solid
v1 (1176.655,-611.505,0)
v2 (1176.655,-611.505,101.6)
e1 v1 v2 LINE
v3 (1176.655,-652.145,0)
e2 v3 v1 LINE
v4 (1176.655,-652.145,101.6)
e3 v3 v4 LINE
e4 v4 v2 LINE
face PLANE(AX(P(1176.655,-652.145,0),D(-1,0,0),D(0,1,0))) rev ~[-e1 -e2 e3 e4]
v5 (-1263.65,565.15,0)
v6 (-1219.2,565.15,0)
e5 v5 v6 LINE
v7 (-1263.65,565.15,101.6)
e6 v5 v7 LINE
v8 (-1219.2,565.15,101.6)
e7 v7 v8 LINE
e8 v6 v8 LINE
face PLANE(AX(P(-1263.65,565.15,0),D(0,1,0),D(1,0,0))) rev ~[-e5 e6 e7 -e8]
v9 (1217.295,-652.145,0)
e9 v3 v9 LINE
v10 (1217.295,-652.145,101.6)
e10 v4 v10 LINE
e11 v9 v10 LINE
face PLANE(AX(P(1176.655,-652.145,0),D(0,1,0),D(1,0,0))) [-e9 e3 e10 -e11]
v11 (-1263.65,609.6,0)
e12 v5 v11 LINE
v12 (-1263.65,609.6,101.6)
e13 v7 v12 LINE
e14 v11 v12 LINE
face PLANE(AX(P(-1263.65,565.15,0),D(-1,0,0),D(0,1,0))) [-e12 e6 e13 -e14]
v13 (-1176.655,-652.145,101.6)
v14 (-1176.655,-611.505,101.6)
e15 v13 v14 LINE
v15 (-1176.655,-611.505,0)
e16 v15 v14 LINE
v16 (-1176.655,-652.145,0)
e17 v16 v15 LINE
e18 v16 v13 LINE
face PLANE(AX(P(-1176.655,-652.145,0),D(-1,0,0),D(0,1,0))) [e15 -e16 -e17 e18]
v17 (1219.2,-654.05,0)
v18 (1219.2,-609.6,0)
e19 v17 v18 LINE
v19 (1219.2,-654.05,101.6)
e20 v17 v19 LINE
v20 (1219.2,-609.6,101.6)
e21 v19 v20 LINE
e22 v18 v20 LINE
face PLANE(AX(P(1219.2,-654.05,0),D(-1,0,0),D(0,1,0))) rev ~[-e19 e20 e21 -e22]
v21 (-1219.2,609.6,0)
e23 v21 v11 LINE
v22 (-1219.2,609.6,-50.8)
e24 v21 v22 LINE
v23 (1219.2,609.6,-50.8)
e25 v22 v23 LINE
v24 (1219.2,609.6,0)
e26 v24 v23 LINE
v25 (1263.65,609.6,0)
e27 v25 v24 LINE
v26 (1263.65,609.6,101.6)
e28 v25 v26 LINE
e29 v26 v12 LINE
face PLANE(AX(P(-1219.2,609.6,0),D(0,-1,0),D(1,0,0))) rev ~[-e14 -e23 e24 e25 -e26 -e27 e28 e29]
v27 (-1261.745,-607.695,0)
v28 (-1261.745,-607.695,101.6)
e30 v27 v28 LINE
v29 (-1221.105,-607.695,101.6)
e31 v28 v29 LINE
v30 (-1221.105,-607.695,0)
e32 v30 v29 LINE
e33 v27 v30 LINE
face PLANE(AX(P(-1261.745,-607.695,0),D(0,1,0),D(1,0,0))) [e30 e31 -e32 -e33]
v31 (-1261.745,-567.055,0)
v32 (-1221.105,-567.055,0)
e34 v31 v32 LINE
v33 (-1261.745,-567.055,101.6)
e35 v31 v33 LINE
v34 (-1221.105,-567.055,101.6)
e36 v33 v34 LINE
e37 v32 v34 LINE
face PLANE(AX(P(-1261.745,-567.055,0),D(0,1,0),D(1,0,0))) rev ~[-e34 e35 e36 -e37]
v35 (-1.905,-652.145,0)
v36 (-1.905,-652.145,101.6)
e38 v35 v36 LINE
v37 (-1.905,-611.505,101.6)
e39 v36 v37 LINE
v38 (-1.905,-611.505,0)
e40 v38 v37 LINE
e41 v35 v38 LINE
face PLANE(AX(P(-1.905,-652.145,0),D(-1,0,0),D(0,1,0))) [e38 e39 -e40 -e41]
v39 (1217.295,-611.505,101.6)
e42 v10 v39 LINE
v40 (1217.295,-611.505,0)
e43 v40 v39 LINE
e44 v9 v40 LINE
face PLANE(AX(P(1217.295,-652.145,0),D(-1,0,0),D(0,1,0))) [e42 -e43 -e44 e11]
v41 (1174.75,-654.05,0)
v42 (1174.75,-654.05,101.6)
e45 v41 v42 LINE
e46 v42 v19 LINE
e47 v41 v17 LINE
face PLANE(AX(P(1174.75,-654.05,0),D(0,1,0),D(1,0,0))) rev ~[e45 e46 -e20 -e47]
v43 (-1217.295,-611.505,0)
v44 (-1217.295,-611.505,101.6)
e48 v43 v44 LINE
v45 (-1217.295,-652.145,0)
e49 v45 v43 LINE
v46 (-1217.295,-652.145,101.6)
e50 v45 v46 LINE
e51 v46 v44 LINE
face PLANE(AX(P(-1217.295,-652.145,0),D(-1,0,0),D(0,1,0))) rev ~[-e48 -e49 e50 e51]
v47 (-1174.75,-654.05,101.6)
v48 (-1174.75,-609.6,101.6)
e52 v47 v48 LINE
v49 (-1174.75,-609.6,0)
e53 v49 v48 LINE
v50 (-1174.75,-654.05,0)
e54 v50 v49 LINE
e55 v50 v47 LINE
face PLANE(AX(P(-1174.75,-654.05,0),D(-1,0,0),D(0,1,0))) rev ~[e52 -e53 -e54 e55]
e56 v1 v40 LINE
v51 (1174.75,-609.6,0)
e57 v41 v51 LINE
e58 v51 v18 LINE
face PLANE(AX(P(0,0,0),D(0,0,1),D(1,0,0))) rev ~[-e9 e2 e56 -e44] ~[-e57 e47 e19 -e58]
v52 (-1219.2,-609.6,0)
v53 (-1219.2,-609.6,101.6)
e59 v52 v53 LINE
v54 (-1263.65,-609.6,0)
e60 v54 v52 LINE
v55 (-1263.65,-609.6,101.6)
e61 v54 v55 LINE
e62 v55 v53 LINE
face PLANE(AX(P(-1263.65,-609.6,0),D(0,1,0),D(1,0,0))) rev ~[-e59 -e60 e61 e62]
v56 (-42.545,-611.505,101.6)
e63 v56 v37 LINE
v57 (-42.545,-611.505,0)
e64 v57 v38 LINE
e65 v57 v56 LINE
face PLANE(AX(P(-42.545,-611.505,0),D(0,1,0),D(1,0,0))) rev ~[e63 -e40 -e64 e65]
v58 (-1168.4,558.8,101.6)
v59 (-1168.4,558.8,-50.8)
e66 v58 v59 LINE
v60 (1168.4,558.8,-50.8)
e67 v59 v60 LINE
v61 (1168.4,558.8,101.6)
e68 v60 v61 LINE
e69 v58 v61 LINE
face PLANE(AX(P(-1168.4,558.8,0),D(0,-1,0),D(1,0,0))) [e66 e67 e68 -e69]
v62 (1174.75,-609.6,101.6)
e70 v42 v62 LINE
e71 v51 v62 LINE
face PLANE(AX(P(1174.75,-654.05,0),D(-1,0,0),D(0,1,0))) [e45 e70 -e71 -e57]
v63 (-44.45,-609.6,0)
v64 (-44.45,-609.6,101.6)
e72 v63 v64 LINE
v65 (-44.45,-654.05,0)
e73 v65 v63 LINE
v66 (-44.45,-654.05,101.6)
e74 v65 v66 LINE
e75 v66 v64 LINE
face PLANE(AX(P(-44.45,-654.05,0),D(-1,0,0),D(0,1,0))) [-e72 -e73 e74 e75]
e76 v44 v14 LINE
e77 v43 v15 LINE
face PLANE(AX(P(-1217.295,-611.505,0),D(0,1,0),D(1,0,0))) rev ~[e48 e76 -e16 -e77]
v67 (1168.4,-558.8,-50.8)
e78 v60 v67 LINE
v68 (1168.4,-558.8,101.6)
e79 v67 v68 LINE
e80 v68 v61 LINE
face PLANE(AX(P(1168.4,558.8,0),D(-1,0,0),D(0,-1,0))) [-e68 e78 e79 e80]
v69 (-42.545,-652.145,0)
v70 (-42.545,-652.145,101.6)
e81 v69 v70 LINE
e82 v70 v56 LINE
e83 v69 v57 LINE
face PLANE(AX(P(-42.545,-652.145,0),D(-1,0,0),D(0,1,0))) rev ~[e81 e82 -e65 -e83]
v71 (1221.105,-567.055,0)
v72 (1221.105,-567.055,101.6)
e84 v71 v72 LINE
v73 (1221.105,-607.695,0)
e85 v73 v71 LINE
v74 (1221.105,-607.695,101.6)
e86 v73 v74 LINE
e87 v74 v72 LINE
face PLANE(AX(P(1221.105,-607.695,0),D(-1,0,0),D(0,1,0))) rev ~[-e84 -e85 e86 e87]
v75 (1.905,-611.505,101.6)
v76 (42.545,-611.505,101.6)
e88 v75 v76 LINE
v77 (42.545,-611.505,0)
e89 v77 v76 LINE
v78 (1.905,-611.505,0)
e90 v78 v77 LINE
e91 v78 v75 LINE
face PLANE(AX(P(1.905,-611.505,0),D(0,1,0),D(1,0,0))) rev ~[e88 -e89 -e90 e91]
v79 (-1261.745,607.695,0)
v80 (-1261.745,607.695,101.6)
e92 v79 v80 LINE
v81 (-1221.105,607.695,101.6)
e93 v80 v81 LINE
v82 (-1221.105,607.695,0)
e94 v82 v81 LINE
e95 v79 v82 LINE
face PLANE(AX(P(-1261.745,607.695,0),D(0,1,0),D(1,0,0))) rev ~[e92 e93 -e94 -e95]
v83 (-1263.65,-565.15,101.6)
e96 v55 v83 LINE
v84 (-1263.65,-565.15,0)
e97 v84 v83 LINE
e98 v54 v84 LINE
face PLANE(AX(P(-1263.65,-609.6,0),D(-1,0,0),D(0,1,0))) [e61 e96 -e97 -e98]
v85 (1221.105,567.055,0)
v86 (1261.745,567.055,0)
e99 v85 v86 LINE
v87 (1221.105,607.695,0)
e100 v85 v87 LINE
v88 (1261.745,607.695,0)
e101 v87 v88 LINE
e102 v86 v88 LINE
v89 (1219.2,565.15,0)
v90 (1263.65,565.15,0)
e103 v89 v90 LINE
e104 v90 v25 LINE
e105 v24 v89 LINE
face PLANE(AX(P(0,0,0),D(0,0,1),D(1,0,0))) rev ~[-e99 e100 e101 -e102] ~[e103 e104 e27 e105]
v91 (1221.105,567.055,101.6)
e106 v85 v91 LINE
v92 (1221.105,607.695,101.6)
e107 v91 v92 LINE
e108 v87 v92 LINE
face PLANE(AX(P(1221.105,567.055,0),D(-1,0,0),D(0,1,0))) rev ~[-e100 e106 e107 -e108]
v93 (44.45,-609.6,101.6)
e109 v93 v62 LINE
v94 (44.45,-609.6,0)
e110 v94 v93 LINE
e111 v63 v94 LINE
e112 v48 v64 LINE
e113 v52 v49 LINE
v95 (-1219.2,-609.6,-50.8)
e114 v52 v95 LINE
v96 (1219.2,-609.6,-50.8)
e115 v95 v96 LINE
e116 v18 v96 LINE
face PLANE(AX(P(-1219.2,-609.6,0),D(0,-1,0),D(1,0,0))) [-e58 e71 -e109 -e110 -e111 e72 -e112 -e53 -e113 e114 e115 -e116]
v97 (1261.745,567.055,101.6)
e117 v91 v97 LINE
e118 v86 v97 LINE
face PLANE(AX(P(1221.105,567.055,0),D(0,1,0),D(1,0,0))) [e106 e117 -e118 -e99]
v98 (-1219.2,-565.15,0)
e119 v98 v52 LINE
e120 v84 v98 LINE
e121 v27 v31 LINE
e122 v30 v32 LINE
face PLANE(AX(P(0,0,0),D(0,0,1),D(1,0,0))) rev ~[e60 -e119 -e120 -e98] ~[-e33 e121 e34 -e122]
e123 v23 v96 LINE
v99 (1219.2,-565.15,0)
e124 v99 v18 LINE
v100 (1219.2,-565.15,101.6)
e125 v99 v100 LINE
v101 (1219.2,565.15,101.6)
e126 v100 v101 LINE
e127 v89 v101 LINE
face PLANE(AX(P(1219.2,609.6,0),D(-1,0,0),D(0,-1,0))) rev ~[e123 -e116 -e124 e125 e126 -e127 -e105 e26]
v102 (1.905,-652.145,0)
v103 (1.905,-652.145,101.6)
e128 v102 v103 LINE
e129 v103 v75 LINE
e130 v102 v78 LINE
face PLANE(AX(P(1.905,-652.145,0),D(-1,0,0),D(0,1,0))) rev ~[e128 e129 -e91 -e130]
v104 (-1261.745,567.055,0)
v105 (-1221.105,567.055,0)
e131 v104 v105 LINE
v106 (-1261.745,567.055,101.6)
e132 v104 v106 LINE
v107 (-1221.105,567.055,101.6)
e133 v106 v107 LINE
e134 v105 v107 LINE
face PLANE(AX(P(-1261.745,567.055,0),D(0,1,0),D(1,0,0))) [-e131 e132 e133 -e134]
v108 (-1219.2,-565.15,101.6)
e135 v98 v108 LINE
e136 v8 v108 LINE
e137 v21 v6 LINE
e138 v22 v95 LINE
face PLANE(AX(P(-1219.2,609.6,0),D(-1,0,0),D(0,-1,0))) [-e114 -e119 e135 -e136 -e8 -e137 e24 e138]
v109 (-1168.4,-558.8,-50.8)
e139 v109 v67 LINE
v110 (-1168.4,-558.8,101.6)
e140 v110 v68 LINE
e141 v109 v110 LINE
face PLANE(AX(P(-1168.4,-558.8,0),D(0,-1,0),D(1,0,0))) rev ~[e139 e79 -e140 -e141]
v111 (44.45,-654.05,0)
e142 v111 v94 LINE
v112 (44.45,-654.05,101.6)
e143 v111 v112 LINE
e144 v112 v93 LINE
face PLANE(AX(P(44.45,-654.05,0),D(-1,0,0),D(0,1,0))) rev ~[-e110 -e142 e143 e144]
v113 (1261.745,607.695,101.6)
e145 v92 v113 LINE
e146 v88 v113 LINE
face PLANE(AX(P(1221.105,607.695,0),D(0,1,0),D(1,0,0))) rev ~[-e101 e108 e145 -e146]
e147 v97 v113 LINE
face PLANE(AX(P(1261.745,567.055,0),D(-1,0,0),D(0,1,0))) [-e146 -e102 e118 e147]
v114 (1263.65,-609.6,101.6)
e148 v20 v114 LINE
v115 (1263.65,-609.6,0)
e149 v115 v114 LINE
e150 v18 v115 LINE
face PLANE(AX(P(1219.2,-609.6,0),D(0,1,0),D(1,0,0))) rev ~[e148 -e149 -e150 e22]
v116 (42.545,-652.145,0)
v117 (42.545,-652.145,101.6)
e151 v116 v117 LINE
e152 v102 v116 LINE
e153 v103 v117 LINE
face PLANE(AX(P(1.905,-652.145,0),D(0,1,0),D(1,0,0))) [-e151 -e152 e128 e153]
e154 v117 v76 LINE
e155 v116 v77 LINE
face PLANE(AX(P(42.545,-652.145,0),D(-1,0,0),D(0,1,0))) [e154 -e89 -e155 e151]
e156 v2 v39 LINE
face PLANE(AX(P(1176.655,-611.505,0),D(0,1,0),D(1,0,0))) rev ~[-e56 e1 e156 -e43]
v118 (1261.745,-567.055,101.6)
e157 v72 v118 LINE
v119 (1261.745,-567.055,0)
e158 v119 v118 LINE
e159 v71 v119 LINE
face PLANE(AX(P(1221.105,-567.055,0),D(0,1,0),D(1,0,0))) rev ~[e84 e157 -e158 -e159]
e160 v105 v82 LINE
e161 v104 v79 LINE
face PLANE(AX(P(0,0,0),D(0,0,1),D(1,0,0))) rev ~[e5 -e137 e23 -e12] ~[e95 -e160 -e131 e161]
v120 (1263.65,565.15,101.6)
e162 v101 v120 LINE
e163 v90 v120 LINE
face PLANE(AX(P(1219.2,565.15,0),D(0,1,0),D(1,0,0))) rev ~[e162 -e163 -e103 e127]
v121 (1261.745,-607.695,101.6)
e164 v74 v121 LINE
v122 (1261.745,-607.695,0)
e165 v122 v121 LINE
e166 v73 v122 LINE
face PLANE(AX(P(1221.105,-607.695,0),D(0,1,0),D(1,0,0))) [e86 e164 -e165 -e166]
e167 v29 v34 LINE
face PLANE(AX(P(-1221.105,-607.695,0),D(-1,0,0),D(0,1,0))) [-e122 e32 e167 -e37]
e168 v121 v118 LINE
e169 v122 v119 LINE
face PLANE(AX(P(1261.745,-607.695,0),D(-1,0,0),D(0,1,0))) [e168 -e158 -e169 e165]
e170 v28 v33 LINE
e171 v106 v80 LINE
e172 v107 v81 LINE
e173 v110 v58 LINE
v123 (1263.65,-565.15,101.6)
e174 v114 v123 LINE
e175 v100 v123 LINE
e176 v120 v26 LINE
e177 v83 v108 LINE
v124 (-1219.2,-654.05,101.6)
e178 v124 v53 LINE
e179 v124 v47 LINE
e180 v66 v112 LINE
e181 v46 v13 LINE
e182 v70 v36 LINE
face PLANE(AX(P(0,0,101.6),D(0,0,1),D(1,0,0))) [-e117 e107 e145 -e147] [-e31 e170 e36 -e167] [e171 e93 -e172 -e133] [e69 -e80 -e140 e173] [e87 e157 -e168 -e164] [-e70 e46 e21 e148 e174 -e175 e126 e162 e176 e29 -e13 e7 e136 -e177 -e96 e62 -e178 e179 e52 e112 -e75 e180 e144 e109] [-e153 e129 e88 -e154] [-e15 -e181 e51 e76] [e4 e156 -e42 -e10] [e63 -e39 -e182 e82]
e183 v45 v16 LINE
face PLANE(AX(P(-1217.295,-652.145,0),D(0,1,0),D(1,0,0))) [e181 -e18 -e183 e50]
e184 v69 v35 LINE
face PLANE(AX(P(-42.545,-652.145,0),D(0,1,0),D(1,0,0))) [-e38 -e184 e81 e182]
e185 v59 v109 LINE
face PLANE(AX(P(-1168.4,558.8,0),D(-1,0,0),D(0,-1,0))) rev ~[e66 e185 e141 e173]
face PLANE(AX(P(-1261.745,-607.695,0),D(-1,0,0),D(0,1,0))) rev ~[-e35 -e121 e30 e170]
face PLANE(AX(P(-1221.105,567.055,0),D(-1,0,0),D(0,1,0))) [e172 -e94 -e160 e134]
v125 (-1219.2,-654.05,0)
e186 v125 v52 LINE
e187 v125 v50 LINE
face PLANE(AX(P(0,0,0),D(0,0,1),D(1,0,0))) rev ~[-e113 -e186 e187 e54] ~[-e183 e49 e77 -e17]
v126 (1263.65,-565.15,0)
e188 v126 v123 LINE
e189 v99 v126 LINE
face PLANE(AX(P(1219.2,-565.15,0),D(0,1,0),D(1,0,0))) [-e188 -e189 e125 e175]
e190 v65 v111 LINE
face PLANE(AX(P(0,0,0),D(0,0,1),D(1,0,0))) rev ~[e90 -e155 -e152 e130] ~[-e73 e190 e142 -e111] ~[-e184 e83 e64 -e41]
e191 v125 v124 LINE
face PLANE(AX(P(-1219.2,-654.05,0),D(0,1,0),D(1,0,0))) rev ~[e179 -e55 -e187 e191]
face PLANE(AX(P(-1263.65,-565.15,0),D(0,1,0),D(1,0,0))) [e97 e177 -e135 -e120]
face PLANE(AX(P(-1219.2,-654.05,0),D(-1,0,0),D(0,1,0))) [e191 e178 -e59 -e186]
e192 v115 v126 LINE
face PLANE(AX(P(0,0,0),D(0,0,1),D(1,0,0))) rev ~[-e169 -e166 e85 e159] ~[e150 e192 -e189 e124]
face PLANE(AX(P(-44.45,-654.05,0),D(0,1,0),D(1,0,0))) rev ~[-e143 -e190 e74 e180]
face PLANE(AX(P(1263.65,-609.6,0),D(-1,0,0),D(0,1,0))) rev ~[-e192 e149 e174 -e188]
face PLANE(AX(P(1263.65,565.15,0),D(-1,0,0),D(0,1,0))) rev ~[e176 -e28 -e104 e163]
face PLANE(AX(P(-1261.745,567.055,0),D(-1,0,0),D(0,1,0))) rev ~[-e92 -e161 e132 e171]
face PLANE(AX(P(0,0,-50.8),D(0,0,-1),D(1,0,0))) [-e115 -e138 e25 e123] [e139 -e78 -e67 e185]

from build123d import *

# Parameters (mm, degrees)
F0_W     = 2336.8
F0_H     = 1117.6
F0_W_2   = 44.45
F0_H_2   = 44.45
F0_W_3   = 40.64
F0_H_3   = 40.64
F1_DEPTH = 101.6
F2_W     = 2438.4
F2_H     = 1219.2
F2_W_2   = 2336.8
F2_H_2   = 1117.6
F3_DEPTH = 50.8


with BuildPart() as f1:
    # F0 (on Top) → F1 (new body)
    with BuildSketch(Plane.XY):
        Polygon((1219.2, 565.15), (1219.2, 609.6), (-1219.2, 609.6), (-1219.2, 565.15), (-1219.2, -565.15), (-1219.2, -609.6), (-1174.75, -609.6), (-44.45, -609.6), (0, -609.6), (44.45, -609.6), (1174.75, -609.6), (1219.2, -609.6), (1219.2, -565.15), align=None)
        Rectangle(F0_W, F0_H, mode=Mode.SUBTRACT)
        with Locations((1241.425, 587.375)):
            Rectangle(F0_W_2, F0_H_2)
        with Locations((1241.425, 587.375)):
            Rectangle(F0_W_3, F0_H_3, mode=Mode.SUBTRACT)
        with Locations((-1241.425, 587.375)):
            Rectangle(F0_W_2, F0_H_2)
        with Locations((-1241.425, 587.375)):
            Rectangle(F0_W_3, F0_H_3, mode=Mode.SUBTRACT)
        with Locations((1241.425, -587.375)):
            Rectangle(F0_W_2, F0_H_2)
        with Locations((1241.425, -587.375)):
            Rectangle(F0_W_3, F0_H_3, mode=Mode.SUBTRACT)
        with Locations((-1241.425, -587.375)):
            Rectangle(F0_W_2, F0_H_2)
        with Locations((-1241.425, -587.375)):
            Rectangle(F0_W_3, F0_H_3, mode=Mode.SUBTRACT)
        with Locations((1196.975, -631.825)):
            Rectangle(F0_W_2, F0_H_2)
        with Locations((1196.975, -631.825)):
            Rectangle(F0_W_3, F0_H_3, mode=Mode.SUBTRACT)
        with Locations((-1196.975, -631.825)):
            Rectangle(F0_W_2, F0_H_2)
        with Locations((-1196.975, -631.825)):
            Rectangle(F0_W_3, F0_H_3, mode=Mode.SUBTRACT)
        with Locations((22.225, -631.825)):
            Rectangle(F0_W_2, F0_H_2)
        with Locations((22.225, -631.825)):
            Rectangle(F0_W_3, F0_H_3, mode=Mode.SUBTRACT)
        with Locations((-22.225, -631.825)):
            Rectangle(F0_W_2, F0_H_2)
        with Locations((-22.225, -631.825)):
            Rectangle(F0_W_3, F0_H_3, mode=Mode.SUBTRACT)
    extrude(amount=F1_DEPTH)

    # F2 (on face) → F3 (join)
    with BuildSketch(Plane(origin=(0, 0, 0), x_dir=(1, 0, 0), z_dir=(0, 0, -1))):
        Rectangle(F2_W, F2_H)
        Rectangle(F2_W_2, F2_H_2, mode=Mode.SUBTRACT)
    extrude(amount=F3_DEPTH)


solid = f1.part
